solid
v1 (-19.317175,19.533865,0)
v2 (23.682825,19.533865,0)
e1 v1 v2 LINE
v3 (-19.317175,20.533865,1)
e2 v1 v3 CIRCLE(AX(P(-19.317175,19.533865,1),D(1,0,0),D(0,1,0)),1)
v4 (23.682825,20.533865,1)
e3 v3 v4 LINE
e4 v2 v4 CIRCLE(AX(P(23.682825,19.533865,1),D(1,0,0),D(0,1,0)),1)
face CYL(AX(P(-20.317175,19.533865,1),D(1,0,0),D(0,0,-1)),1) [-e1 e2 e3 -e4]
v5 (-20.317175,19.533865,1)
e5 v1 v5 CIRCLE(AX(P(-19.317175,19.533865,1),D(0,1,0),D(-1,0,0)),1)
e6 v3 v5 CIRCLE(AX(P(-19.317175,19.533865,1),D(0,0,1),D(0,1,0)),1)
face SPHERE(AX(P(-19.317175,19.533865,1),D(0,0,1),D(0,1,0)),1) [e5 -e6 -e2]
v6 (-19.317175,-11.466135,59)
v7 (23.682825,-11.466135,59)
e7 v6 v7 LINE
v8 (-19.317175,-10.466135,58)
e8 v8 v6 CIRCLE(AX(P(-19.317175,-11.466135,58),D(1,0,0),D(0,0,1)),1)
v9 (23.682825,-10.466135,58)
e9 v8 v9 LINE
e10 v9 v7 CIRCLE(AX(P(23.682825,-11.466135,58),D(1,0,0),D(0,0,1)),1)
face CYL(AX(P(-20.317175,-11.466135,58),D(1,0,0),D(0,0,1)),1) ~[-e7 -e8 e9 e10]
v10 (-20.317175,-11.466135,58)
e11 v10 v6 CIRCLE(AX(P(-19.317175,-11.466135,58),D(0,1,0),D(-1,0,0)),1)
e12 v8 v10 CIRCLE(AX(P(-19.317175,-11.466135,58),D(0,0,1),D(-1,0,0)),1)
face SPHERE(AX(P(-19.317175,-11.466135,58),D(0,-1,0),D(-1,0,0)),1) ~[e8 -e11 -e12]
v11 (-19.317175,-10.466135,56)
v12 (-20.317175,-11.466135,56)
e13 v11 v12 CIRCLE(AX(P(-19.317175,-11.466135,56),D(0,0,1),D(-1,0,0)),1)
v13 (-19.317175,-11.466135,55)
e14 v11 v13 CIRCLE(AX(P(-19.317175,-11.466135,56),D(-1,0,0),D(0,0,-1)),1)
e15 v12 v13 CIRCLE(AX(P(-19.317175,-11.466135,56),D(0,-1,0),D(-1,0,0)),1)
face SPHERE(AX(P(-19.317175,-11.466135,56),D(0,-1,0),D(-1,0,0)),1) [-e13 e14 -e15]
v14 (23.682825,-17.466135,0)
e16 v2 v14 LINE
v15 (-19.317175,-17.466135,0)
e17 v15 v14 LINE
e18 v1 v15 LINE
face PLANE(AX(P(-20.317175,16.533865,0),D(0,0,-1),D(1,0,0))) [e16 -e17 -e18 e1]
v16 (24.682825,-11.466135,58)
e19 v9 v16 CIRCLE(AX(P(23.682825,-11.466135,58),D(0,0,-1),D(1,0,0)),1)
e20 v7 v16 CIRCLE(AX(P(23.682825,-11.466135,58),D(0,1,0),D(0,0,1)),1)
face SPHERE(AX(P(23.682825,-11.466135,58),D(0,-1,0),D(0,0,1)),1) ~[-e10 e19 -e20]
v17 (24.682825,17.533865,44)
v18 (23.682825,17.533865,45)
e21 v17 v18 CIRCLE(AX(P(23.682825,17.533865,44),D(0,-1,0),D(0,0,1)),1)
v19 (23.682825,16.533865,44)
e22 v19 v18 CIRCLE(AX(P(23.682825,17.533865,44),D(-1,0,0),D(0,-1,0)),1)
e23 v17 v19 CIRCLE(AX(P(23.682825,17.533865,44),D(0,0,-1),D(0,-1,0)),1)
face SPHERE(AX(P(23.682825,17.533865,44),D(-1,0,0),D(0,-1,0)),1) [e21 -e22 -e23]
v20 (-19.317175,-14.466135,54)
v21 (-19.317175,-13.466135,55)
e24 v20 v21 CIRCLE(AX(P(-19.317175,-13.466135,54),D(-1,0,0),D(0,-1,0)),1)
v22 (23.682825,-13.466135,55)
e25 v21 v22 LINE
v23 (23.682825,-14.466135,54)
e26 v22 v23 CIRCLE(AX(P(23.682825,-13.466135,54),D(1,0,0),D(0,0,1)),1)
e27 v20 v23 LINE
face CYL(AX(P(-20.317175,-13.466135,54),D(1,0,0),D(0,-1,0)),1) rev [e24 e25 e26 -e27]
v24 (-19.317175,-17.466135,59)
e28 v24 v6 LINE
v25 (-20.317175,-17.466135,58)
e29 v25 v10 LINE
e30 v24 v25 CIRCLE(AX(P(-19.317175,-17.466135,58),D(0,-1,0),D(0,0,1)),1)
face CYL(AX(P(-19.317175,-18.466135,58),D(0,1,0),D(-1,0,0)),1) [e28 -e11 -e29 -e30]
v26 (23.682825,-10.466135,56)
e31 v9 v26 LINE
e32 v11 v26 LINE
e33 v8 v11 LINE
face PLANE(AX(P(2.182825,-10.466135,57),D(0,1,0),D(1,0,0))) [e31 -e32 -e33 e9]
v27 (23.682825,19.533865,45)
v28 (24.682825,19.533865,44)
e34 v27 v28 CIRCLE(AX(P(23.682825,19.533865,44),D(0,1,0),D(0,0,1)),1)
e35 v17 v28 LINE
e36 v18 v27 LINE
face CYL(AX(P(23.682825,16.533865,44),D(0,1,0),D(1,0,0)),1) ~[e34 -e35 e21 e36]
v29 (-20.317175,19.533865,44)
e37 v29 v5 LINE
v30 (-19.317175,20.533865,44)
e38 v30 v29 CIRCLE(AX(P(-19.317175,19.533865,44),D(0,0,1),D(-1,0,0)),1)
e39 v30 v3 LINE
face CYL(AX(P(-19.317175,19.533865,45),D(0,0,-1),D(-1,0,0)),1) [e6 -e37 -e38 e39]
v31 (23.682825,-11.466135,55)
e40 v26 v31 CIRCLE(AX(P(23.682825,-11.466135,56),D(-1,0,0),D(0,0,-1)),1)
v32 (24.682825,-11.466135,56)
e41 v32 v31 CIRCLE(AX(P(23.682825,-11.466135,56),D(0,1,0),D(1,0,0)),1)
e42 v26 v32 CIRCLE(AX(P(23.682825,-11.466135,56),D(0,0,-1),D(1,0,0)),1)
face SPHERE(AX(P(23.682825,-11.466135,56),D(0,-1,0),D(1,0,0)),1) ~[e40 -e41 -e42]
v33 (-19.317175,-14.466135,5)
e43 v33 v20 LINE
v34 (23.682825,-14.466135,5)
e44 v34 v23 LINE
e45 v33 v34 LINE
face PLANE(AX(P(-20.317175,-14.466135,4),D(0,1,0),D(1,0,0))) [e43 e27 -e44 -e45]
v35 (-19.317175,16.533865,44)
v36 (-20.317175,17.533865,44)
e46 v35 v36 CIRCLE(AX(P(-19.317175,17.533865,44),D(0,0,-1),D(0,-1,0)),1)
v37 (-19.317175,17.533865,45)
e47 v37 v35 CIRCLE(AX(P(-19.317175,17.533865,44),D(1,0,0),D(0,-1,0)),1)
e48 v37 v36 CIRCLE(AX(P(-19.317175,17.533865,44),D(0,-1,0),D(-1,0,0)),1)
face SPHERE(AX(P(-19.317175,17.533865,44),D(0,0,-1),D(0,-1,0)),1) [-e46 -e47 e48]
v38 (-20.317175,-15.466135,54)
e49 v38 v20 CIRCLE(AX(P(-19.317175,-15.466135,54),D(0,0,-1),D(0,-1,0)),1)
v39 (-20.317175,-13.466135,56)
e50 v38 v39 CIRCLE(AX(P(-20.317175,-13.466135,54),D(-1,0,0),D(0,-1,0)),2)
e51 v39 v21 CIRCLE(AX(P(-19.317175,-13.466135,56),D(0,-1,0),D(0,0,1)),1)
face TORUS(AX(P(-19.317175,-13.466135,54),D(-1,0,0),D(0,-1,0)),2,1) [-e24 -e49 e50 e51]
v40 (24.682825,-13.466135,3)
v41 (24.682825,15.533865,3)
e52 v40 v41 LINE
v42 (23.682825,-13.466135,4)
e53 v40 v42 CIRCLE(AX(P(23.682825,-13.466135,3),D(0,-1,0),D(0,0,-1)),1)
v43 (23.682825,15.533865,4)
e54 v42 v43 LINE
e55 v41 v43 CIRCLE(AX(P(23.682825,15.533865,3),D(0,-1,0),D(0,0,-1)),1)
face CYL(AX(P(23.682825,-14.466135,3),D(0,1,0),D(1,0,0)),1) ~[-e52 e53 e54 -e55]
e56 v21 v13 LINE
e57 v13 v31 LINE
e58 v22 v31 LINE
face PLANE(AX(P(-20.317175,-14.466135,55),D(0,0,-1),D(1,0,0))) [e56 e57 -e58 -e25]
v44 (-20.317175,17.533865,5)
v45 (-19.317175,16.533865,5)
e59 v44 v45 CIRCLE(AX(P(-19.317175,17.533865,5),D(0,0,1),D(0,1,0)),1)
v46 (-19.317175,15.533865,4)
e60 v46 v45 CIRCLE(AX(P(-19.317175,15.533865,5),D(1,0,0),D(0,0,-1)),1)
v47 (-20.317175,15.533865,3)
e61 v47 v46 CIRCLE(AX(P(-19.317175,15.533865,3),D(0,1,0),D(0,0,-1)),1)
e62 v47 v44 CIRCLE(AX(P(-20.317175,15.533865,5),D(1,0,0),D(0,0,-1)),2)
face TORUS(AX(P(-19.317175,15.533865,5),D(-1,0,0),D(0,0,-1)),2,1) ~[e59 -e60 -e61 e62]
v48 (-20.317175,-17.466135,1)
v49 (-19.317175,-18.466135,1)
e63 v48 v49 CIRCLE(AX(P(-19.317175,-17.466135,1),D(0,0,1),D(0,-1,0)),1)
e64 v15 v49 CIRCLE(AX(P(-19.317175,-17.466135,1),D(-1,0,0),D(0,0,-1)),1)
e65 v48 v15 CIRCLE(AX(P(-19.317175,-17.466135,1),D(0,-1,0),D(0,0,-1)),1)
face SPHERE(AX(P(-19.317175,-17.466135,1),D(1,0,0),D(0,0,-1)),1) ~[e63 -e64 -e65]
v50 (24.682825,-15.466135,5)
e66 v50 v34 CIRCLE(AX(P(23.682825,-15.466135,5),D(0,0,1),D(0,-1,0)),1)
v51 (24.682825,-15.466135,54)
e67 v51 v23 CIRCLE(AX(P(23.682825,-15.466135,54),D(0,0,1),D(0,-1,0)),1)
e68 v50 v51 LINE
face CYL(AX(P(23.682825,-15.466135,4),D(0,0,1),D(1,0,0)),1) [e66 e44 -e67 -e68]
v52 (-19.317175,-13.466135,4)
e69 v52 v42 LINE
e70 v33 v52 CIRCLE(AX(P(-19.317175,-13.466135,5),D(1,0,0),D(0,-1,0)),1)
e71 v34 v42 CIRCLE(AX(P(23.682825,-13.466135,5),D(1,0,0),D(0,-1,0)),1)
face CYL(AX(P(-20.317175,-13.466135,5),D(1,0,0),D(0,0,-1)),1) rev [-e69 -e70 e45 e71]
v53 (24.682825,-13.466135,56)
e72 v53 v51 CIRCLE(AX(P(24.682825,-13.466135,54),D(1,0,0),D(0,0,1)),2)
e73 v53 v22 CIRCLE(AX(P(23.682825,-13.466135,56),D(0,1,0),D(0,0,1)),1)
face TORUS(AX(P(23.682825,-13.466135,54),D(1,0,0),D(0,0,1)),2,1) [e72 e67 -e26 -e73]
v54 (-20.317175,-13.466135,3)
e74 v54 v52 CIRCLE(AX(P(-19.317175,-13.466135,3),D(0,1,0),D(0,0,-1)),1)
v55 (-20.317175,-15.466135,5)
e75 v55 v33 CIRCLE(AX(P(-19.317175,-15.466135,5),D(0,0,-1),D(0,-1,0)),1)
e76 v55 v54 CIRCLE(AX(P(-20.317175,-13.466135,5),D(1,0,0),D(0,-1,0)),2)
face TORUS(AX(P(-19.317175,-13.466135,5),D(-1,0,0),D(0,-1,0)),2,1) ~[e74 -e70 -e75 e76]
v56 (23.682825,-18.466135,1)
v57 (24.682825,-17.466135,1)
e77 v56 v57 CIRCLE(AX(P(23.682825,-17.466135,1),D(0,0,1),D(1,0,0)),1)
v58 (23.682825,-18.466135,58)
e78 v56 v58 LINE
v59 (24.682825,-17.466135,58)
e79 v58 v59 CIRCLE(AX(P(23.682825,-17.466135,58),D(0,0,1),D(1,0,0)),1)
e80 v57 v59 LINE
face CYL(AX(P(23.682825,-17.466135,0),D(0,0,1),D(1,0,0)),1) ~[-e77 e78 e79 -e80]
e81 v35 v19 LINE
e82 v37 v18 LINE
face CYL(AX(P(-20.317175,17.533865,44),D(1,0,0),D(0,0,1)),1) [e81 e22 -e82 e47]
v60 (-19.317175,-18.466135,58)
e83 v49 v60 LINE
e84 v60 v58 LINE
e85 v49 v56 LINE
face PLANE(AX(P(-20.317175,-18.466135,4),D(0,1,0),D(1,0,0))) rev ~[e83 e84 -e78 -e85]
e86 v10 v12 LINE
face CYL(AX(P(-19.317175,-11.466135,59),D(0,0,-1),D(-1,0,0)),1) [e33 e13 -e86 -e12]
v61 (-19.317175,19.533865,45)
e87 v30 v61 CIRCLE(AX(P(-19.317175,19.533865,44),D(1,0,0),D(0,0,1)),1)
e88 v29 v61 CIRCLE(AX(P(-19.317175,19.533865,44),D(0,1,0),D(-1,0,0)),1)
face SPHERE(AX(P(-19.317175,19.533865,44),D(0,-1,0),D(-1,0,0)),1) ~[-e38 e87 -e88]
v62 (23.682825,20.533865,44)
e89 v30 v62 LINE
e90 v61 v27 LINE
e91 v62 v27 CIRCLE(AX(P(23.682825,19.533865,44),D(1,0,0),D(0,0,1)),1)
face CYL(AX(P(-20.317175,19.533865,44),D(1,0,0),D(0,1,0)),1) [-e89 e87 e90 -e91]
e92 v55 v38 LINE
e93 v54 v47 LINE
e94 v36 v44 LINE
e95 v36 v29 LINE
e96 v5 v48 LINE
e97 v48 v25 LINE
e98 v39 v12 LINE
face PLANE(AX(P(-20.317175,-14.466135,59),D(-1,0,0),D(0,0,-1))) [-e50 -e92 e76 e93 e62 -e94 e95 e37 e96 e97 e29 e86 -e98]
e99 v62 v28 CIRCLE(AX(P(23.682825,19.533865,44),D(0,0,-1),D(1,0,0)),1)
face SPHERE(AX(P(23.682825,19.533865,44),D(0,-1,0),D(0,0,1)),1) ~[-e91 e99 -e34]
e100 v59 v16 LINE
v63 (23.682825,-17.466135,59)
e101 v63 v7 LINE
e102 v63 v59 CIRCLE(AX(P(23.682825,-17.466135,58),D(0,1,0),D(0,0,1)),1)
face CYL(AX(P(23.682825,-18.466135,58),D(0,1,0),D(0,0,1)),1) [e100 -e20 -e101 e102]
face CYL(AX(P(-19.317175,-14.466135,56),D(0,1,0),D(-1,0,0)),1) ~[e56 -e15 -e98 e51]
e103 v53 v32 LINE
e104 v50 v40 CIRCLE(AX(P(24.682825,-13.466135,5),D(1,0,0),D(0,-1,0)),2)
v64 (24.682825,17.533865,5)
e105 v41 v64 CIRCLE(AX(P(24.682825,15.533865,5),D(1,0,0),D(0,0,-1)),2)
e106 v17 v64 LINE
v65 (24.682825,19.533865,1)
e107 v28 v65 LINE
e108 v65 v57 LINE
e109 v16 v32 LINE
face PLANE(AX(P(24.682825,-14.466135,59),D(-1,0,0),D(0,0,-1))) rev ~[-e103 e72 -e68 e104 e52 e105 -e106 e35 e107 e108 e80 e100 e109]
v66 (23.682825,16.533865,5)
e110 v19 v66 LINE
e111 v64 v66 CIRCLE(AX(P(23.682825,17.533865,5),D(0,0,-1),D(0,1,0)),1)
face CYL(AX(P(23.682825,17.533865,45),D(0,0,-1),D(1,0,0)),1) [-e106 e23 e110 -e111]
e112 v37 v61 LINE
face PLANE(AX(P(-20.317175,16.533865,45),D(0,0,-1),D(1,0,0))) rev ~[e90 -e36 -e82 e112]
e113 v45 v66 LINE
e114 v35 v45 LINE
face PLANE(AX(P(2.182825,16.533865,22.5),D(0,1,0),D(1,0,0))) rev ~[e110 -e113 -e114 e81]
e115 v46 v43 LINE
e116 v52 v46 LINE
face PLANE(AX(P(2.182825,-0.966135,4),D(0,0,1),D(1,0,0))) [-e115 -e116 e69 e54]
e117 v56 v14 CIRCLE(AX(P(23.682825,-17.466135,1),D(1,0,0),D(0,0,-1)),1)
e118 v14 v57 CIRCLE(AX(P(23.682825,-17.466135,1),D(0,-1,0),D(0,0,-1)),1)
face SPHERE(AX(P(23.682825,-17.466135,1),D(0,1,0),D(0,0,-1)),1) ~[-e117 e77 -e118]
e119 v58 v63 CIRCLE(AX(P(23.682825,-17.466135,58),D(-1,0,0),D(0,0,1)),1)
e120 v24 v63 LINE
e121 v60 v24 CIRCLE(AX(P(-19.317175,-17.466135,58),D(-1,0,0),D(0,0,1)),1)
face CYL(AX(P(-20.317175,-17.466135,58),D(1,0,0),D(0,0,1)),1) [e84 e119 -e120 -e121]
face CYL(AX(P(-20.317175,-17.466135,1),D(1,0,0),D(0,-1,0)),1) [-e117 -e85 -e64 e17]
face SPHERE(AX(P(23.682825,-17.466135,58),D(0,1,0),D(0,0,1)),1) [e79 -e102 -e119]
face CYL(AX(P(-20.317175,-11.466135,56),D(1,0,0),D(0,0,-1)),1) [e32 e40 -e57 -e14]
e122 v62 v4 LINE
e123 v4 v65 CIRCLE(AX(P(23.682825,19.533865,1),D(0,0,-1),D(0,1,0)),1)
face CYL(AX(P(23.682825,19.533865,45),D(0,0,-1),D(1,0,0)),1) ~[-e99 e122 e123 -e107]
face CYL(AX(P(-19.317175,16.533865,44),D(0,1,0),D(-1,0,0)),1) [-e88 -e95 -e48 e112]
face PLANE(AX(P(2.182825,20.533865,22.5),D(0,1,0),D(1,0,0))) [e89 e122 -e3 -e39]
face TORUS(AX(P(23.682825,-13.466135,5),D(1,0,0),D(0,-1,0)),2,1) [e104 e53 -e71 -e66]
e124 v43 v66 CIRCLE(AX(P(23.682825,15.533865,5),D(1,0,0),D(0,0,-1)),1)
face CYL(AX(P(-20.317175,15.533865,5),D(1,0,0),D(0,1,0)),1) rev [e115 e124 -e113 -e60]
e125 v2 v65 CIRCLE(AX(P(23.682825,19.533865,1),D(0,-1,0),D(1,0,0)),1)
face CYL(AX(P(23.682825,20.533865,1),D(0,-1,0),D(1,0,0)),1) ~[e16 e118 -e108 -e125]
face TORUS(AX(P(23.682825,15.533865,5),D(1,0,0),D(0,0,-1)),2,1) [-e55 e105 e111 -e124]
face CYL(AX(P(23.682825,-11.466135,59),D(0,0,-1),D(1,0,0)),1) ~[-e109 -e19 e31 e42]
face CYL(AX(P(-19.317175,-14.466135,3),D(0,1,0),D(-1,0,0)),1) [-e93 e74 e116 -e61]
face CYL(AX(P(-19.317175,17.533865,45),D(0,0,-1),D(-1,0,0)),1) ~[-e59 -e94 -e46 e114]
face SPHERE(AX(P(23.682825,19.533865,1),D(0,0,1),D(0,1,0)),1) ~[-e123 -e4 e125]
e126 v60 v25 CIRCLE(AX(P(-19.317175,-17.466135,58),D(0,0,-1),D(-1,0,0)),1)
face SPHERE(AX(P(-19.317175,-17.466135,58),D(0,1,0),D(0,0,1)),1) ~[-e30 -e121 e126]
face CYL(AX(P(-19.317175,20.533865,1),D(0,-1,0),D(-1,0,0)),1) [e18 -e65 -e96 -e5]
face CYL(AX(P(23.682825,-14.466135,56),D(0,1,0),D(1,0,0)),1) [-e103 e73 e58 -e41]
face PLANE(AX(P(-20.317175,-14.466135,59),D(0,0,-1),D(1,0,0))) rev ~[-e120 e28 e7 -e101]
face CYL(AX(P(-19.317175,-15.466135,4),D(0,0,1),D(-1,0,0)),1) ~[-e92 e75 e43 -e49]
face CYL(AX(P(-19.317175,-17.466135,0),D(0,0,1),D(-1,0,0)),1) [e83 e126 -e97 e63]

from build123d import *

# Parameters (mm, degrees)
ESBO_O1_W                = 45
ESBO_O1_H                = 35
RESSALTO_EXTRUS_O1_DEPTH = 4
ESBO_O2_W                = 45
ESBO_O2_H                = 45
RESSALTO_EXTRUS_O2_DEPTH = 4
ESBO_O3_W                = 45
ESBO_O3_H                = 4
RESSALTO_EXTRUS_O3_DEPTH = 55
ESBO_O4_W                = 45
ESBO_O4_H                = 4
RESSALTO_EXTRUS_O4_DEPTH = 4
FILETE1_R                = 1


with BuildPart() as part:
    # Esboço1 → Ressalto-extrusão1 (new body)
    with BuildSketch(Plane.XY):
        with Locations((2.182824508, -0.966135458)):
            Rectangle(ESBO_O1_W, ESBO_O1_H)
    extrude(amount=RESSALTO_EXTRUS_O1_DEPTH)

    # Esboço2 → Ressalto-extrusão2 (add)
    with BuildSketch(Plane(origin=(0, 16.533864542, 0), x_dir=(1, 0, 0), z_dir=(0, 1, 0))):
        with Locations((2.182824508, -22.5)):
            Rectangle(ESBO_O2_W, ESBO_O2_H)
    extrude(amount=RESSALTO_EXTRUS_O2_DEPTH)

    # Esboço3 → Ressalto-extrusão3 (add)
    with BuildSketch(Plane.XY.offset(4)):
        with Locations((2.182824508, -16.466135458)):
            Rectangle(ESBO_O3_W, ESBO_O3_H)
    extrude(amount=RESSALTO_EXTRUS_O3_DEPTH)

    # Esboço4 → Ressalto-extrusão4 (add)
    with BuildSketch(Plane(origin=(0, -14.466135458, 0), x_dir=(1, 0, 0), z_dir=(0, 1, 0))):
        with Locations((2.182824508, -57)):
            Rectangle(ESBO_O4_W, ESBO_O4_H)
    extrude(amount=RESSALTO_EXTRUS_O4_DEPTH)

    # Filete1
    filete1_edges = [part.edges().sort_by_distance(p)[0] for p in [
        (-20.317175492, 16.533864542, 24.5),
        (2.182824508, 16.533864542, 45),
        (-20.317175492, 18.533864542, 45),
        (24.682824508, 16.533864542, 24.5),
        (24.682824508, 18.533864542, 45),
        (2.182824508, 16.533864542, 4),
        (-20.317175492, 20.533864542, 22.5),
        (2.182824508, 20.533864542, 45),
        (24.682824508, 20.533864542, 22.5),
        (2.182824508, 20.533864542, 0),
        (24.682824508, 1.033864542, 4),
        (2.182824508, -14.466135458, 4),
        (24.682824508, -14.466135458, 59),
        (-20.317175492, -14.466135458, 59),
        (2.182824508, -18.466135458, 59),
        (-20.317175492, -14.466135458, 29.5),
        (24.682824508, -14.466135458, 29.5),
        (-20.317175492, -12.466135458, 55),
        (2.182824508, -14.466135458, 55),
        (24.682824508, -12.466135458, 55),
        (-20.317175492, -10.466135458, 57),
        (2.182824508, -10.466135458, 59),
        (24.682824508, -10.466135458, 57),
        (2.182824508, -10.466135458, 55),
        (-20.317175492, 1.033864542, 4),
        (24.682824508, 1.033864542, 0),
        (2.182824508, -18.466135458, 0),
        (-20.317175492, 1.033864542, 0),
        (24.682824508, -18.466135458, 29.5),
        (-20.317175492, -18.466135458, 29.5),
    ]]
    fillet(filete1_edges, radius=FILETE1_R)


solid = part.part
